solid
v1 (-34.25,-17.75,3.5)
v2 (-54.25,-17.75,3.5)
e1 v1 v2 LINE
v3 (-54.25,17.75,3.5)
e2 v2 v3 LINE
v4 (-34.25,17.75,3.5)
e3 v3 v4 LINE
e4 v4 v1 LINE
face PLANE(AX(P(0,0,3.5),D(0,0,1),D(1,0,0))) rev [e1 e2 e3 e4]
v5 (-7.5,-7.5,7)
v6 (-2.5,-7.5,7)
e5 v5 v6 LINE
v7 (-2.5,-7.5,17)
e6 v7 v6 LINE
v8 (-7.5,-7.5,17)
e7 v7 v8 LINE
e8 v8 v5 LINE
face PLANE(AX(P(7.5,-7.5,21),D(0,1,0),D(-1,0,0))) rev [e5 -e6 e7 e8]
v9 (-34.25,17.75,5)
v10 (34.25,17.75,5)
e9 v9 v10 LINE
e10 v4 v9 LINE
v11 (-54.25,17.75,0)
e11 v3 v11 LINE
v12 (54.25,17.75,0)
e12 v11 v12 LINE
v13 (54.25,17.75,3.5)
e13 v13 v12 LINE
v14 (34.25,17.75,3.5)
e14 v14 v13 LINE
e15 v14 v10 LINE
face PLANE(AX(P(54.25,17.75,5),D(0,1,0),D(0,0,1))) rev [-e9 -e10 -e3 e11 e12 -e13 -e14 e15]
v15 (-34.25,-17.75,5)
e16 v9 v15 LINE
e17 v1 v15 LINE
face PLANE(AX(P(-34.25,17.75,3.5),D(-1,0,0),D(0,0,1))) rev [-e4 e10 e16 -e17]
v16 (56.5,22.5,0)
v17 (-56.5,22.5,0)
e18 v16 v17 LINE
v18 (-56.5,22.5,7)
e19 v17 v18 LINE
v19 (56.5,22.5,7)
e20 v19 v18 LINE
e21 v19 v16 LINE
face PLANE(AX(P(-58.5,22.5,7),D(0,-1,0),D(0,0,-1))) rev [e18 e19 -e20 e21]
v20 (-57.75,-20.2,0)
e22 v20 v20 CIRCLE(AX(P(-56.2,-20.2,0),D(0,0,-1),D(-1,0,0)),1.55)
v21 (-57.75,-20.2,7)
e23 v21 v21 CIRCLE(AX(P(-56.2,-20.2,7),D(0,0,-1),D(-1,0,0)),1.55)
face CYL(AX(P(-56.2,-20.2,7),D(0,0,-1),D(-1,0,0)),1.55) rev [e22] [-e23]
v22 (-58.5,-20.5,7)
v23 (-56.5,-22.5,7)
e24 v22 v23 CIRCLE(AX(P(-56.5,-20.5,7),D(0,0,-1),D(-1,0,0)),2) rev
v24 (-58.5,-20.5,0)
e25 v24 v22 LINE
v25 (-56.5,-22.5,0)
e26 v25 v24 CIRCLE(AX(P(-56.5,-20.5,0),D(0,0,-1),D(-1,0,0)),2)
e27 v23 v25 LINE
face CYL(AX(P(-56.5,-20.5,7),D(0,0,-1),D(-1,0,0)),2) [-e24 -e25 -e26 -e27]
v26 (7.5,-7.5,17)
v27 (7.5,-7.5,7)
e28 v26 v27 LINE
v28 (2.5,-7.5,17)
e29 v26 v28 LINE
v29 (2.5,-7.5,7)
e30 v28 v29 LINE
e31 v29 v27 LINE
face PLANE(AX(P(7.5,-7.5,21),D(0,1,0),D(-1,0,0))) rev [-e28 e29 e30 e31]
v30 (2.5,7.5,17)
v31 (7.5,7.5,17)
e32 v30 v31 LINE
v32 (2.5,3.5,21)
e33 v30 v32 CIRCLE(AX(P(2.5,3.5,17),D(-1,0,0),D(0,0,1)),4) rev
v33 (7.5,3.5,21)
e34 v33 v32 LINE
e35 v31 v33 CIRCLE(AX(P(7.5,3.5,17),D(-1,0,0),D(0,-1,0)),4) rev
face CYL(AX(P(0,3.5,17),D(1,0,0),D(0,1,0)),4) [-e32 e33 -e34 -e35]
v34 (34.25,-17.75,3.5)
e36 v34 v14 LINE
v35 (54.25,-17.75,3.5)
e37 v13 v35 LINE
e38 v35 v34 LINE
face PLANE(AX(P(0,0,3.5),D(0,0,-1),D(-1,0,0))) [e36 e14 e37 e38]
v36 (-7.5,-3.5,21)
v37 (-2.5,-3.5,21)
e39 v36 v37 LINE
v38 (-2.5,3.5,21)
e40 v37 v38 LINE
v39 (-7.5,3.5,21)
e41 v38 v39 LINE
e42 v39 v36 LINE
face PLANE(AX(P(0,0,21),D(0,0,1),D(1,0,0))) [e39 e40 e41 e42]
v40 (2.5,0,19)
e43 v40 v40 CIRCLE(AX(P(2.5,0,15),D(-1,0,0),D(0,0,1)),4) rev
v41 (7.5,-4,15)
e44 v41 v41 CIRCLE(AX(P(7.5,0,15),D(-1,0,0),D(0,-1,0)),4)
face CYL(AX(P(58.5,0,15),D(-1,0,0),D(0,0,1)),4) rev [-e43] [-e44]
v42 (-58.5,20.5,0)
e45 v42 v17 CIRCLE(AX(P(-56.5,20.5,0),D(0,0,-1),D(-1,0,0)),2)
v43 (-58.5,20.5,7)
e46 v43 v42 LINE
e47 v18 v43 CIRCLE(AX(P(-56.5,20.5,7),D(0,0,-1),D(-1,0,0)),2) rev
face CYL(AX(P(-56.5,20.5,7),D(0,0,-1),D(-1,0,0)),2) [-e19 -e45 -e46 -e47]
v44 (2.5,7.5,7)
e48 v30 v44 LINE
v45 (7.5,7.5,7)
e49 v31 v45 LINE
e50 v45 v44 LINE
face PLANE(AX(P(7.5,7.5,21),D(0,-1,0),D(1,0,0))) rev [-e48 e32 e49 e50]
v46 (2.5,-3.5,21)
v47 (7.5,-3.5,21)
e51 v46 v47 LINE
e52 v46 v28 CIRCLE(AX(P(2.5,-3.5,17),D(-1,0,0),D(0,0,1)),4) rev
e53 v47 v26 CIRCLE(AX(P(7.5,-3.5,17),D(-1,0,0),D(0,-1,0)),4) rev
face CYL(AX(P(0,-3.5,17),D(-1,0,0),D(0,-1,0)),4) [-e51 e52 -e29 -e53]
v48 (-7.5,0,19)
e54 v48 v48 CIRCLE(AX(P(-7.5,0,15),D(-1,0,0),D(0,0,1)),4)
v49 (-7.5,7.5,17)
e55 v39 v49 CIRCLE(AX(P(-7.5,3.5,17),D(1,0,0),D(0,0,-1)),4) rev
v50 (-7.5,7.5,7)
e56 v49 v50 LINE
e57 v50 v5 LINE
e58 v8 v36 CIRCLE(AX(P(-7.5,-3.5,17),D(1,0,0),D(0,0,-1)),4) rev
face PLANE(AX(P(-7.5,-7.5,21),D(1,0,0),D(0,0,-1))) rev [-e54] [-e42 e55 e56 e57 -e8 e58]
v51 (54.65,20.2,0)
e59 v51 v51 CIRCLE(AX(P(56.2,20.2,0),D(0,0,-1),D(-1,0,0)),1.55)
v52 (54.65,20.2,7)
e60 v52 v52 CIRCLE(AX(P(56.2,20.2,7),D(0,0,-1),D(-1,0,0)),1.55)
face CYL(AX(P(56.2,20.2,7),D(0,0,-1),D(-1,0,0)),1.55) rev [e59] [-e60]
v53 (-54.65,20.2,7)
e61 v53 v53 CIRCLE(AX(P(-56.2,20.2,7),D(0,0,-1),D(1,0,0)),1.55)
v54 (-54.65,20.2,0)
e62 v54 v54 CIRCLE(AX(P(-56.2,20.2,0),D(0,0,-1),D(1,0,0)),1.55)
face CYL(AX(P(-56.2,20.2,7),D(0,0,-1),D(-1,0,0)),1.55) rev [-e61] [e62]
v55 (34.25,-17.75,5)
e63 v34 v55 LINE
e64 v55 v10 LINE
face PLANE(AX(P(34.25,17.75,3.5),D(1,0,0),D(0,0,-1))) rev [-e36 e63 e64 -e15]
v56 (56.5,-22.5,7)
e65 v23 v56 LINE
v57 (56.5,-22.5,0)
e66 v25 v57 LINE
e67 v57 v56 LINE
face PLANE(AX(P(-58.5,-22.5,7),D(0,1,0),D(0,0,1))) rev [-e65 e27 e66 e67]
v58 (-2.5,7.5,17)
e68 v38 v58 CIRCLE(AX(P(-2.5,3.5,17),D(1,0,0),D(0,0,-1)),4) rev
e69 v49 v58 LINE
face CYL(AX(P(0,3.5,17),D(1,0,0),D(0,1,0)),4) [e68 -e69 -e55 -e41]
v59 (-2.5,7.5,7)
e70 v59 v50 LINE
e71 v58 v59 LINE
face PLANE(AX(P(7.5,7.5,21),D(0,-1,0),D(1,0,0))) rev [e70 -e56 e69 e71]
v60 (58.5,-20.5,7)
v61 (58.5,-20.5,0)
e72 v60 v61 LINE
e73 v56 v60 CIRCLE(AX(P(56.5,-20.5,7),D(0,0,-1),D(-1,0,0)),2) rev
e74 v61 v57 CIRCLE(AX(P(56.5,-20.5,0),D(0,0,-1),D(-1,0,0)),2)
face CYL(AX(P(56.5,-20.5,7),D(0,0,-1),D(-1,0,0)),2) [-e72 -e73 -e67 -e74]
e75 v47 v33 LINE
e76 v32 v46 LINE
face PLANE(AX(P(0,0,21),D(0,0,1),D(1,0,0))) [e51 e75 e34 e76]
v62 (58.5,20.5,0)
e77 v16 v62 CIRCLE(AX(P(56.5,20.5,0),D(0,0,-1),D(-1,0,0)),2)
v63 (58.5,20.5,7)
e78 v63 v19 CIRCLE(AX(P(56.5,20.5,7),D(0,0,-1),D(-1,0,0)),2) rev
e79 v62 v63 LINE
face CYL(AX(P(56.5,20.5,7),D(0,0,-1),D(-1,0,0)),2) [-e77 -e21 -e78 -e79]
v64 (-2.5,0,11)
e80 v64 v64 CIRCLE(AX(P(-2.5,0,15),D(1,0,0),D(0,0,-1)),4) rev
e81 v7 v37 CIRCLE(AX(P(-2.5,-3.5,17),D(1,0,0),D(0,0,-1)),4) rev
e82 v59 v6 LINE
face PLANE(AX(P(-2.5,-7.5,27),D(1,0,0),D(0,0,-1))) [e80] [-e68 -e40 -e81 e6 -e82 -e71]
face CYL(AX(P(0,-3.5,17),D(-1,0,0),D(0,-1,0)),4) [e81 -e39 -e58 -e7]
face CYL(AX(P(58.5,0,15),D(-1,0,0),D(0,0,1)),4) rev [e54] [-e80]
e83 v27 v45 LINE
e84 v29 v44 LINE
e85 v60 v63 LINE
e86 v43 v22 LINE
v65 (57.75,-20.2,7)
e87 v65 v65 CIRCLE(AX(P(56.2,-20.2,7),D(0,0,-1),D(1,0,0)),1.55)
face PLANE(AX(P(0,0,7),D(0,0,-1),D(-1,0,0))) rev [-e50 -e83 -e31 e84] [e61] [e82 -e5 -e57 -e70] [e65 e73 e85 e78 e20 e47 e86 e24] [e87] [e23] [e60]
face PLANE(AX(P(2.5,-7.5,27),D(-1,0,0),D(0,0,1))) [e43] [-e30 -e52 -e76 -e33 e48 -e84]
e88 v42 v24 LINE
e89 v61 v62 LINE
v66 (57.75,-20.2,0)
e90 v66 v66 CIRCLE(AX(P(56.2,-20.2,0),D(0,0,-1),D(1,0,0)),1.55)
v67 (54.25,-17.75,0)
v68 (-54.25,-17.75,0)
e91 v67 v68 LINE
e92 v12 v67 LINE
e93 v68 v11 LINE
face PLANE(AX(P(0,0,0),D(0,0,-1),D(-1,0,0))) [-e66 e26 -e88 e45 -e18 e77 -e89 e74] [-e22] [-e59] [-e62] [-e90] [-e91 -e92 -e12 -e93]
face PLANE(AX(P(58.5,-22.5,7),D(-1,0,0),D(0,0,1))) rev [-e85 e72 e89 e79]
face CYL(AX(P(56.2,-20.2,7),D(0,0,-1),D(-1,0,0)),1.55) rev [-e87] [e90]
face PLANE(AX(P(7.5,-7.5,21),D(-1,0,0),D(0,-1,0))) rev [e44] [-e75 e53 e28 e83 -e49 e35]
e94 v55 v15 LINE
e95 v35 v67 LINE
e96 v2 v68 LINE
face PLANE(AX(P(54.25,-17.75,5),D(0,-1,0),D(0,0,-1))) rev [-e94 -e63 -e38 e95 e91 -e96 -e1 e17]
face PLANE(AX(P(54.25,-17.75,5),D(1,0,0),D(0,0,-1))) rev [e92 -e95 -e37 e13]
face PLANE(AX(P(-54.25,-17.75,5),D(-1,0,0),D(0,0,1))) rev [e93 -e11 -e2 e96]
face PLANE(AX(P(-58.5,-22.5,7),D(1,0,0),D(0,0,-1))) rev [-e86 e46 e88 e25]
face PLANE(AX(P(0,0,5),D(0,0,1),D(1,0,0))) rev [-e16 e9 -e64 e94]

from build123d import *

# Parameters (mm, degrees)
SKETCH_1_W          = 117
SKETCH_1_H          = 45
EXTRUDE_1_DEPTH     = 7
FILLET_1_R          = 2
SKETCH_2_W          = 108.5
SKETCH_2_H          = 35.5
CUT_EXTRUDE_1_DEPTH = 5
SKETCH_3_R          = 1.55
CUT_EXTRUDE_2_DEPTH = 64.067424238
SKETCH_6_W          = 15
SKETCH_6_H          = 15
EXTRUDE_2_DEPTH     = 14
SKETCH_7_R          = 4
CUT_EXTRUDE_3_DEPTH = 73.823416564
FILLET_2_R          = 4
SKETCH_8_W          = 5
SKETCH_8_H          = 15
CUT_EXTRUDE_4_DEPTH = 20
SKETCH_9_W          = 20
SKETCH_9_H          = 35.5
EXTRUDE_3_DEPTH     = 1.5


with BuildPart() as part:
    # 草图1 → 凸台-拉伸1 (new body)
    with BuildSketch(Plane.XY):
        Rectangle(SKETCH_1_W, SKETCH_1_H)
    extrude(amount=EXTRUDE_1_DEPTH)

    # 圆角1
    fillet_1_edges = [part.edges().sort_by_distance(p)[0] for p in [
        (58.5, -22.5, 3.5),
        (-58.5, -22.5, 3.5),
        (-58.5, 22.5, 3.5),
        (58.5, 22.5, 3.5),
    ]]
    fillet(fillet_1_edges, radius=FILLET_1_R)

    # 草图2 → 切除-拉伸1 (cut)
    with BuildSketch(Plane(origin=(0, 0, 0), x_dir=(-1, 0, 0), z_dir=(0, 0, -1))):
        Rectangle(SKETCH_2_W, SKETCH_2_H)
    extrude(amount=-CUT_EXTRUDE_1_DEPTH, mode=Mode.SUBTRACT)

    # 草图3 → 切除-拉伸2 (cut, through all)
    with BuildSketch(Plane(origin=(0, 0, 0), x_dir=(-1, 0, 0), z_dir=(0, 0, -1))):
        with Locations((-56.2, 20.2)):
            Circle(SKETCH_3_R)
        with Locations(Location((-56.2, -20.2, 0), (0, 0, 180))):
            Circle(SKETCH_3_R)
        with Locations((56.2, -20.2)):
            Circle(SKETCH_3_R)
        with Locations(Location((56.2, 20.2, 0), (0, 0, 180))):
            Circle(SKETCH_3_R)
    extrude(amount=-CUT_EXTRUDE_2_DEPTH, mode=Mode.SUBTRACT)

    # 草图6 → 凸台-拉伸2 (add)
    with BuildSketch(Plane.XY.offset(7)):
        Rectangle(SKETCH_6_W, SKETCH_6_H)
    extrude(amount=EXTRUDE_2_DEPTH)

    # 草图7 → 切除-拉伸3 (cut, through all)
    with BuildSketch(Plane.ZY.offset(7.5)):
        with Locations((15, 0)):
            Circle(SKETCH_7_R)
    extrude(amount=-CUT_EXTRUDE_3_DEPTH, mode=Mode.SUBTRACT)

    # 圆角2
    fillet_2_edges = [part.edges().sort_by_distance(p)[0] for p in [
        (0, -7.5, 21),
        (0, 7.5, 21),
    ]]
    fillet(fillet_2_edges, radius=FILLET_2_R)

    # 草图8 → 切除-拉伸4 (cut)
    with BuildSketch(Plane.XY.offset(7)):
        Rectangle(SKETCH_8_W, SKETCH_8_H)
    extrude(amount=CUT_EXTRUDE_4_DEPTH, mode=Mode.SUBTRACT)

    # 草图9 → 凸台-拉伸3 (add)
    with BuildSketch(Plane(origin=(0, 0, 5), x_dir=(-1, 0, 0), z_dir=(0, 0, -1))):
        with Locations((-44.25, 0)):
            Rectangle(SKETCH_9_W, SKETCH_9_H)
        with Locations((44.25, 0)):
            Rectangle(SKETCH_9_W, SKETCH_9_H)
    extrude(amount=EXTRUDE_3_DEPTH)


solid = part.part
